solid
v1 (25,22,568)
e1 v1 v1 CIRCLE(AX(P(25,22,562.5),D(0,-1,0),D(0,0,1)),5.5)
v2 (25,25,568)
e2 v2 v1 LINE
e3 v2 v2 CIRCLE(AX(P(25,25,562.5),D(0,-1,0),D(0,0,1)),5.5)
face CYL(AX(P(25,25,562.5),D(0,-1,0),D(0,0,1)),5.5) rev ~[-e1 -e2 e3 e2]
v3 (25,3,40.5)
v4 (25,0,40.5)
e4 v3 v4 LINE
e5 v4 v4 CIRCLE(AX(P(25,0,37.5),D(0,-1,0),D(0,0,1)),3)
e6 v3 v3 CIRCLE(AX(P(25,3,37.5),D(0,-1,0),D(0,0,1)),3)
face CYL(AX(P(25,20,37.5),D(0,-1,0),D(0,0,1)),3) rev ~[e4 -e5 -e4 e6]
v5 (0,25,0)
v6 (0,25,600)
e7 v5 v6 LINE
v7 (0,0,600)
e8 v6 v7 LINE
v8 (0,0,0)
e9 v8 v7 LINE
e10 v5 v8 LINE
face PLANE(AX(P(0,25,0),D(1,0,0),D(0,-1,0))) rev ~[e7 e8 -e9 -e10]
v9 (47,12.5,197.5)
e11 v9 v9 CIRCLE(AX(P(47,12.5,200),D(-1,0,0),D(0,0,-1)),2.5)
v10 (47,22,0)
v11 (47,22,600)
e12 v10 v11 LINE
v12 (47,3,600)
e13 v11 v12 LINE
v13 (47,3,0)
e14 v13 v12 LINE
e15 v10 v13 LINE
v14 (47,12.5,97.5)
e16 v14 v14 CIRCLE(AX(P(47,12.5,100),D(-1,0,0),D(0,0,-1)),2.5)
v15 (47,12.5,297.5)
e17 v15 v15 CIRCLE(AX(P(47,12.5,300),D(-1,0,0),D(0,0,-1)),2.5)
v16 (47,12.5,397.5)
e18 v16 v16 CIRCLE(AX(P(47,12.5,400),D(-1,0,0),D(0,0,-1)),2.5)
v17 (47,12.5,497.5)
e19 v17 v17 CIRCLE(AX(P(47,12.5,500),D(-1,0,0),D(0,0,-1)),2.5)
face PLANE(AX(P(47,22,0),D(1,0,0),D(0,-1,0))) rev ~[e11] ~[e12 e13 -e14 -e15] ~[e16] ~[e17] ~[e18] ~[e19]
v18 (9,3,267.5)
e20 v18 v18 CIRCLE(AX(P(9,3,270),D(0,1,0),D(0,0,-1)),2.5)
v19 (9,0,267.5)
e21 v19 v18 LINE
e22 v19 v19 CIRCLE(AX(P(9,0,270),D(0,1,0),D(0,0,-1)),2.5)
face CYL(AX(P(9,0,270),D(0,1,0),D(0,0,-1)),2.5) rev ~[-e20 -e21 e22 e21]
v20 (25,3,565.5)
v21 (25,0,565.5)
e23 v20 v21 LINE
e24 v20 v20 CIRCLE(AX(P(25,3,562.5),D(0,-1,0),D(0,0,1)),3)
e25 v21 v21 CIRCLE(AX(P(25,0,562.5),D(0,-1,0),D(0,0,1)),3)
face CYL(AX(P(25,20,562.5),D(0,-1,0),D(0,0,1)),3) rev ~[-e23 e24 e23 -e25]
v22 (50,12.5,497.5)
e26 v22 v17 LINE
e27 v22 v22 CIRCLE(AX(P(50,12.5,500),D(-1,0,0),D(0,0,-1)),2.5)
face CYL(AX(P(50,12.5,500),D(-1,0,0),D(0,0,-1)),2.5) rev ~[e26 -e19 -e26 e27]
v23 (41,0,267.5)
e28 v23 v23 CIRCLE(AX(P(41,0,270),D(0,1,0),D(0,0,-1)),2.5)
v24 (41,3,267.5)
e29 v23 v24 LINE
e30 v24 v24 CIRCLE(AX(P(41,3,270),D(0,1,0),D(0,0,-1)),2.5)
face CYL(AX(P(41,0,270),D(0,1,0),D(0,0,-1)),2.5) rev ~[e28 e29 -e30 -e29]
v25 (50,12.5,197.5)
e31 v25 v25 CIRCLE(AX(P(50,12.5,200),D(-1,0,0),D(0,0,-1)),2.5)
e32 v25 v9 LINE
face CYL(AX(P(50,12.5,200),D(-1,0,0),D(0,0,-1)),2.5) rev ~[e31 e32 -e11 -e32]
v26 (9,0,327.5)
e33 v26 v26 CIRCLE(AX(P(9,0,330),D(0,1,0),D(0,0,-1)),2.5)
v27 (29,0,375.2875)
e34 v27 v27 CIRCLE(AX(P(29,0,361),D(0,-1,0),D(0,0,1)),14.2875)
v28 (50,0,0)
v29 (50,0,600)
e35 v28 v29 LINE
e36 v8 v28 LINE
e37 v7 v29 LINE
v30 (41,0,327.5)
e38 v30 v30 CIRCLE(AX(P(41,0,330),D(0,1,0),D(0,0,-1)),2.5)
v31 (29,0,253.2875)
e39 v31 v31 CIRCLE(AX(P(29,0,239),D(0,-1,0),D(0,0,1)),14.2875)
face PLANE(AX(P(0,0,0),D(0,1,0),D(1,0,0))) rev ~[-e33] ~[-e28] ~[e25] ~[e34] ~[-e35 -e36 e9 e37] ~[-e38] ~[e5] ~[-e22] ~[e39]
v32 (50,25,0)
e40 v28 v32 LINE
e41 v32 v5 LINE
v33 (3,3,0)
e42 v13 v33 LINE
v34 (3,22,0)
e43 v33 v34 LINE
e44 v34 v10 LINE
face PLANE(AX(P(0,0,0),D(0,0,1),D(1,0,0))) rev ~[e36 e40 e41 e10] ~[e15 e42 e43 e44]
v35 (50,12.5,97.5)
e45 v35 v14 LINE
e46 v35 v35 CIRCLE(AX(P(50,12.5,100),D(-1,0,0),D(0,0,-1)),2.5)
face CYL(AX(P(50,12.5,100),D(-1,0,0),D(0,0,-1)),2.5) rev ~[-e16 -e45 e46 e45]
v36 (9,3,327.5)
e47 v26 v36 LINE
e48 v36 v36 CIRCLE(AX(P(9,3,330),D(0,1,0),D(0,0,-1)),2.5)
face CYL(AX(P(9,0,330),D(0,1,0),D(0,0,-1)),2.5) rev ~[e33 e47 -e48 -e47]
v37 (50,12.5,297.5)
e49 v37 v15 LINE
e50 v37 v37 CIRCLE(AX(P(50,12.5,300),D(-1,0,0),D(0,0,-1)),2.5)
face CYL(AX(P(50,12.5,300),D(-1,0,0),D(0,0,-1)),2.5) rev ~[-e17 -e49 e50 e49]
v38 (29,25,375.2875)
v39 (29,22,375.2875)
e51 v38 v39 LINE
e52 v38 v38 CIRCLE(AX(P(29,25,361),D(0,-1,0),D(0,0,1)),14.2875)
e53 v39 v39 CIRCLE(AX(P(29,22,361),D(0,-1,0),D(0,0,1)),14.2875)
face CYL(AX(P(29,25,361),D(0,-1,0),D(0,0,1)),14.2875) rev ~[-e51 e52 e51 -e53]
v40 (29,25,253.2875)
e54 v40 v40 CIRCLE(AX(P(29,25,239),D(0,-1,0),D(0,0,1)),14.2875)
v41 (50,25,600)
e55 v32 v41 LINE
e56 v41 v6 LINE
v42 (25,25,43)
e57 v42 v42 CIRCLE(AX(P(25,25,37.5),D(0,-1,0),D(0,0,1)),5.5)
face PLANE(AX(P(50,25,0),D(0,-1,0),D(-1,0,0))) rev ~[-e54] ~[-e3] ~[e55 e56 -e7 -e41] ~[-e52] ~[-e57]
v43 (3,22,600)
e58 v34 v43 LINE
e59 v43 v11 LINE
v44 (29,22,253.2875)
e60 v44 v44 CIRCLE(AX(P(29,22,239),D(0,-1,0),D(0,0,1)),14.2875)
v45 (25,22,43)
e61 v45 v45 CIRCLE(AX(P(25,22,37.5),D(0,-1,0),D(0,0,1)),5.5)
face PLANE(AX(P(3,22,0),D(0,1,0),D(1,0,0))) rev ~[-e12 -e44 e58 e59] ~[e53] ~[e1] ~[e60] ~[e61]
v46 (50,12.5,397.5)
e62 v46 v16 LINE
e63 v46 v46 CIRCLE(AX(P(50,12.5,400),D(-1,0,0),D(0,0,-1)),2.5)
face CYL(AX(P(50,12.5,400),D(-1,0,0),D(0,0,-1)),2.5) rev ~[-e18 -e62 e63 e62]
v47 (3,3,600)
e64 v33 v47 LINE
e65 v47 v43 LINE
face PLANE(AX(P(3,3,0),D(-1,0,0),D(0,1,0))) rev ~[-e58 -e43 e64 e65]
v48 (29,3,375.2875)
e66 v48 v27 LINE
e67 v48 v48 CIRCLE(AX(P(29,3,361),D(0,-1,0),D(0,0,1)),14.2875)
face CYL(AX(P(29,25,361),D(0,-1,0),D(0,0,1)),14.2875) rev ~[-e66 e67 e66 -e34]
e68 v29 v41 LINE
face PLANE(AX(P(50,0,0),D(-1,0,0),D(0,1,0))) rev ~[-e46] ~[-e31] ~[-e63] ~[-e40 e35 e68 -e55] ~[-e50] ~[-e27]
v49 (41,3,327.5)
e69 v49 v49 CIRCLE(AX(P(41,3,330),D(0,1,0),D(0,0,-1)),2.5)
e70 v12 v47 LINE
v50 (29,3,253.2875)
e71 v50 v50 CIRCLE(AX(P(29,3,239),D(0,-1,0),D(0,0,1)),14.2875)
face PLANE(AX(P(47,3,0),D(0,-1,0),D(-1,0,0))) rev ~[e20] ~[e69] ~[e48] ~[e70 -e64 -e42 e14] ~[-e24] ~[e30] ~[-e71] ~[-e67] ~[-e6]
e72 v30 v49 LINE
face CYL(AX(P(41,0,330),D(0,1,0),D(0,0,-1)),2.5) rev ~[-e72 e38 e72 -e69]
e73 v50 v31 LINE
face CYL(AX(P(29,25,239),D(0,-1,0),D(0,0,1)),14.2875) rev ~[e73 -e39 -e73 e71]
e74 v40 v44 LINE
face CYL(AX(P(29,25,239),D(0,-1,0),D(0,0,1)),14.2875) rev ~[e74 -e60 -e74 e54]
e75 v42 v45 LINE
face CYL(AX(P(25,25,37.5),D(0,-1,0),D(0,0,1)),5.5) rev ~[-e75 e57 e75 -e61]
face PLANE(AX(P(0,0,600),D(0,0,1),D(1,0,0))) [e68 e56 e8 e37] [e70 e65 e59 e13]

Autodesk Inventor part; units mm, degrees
ref_plane "YZ Plane" through (0, 0, 0) normal (1, 0, 0) x (0, 1, 0)
ref_plane "XZ Plane" through (0, 0, 0) normal (0, 1, 0) x (-1, 0, 0)
ref_plane "XY Plane" through (0, 0, 0) normal (0, 0, 1) x (1, 0, 0)
sketch "Sketch1" plane through (0, 0, 0) normal (0, 0, 1) x (1, 0, 0)
  line L0 (0, 0) -> (50, 0)
  line L1 (50, 0) -> (50, 25)
  line L2 (50, 25) -> (0, 25)
  line L3 (0, 25) -> (0, 0)
  line L4 (47, 3) -> (3, 3)
  line L5 (3, 3) -> (3, 22)
  line L6 (3, 22) -> (47, 22)
  line L7 (47, 22) -> (47, 3)
  dimension "d0" = 50
  dimension "d1" = 25
  dimension "d2" = 3
extrude "Extrusion1" add sketch "Sketch1" along normal blind 600
sketch "Sketch2" plane through (0, 25, 0) normal (0, 1, 0) x (1, 0, 0)
  line L0 (50, -600) -> (0, -600) projected
  point P0 (0, 0)
  point P1 (25, -562.5)
  point P2 (25, -37.5)
  dimension "d5" = 37.5
  dimension "d6" = 37.5
  dimension "d7" = 25
hole "Hole1" at (25, 25, 562.5) at (25, 25, 37.5) direction (0, -1, 0) diameter 6 end through all counterbore diameter 11 counterbore depth 5
sketch "Sketch4" plane through (50, 0, 0) normal (1, 0, 0) x (0, 0, -1)
  line L0 (0, 0) -> (66.9632, 0)
  point P0 (-100, 12.5)
  point P1 (-200, 12.5)
  point P2 (-300, 12.5)
  point P3 (-400, 12.5)
  point P4 (-500, 12.5)
  dimension "d31" = 100
  dimension "d32" = 12.5
  dimension "d36" = 100
hole "Hole3" at (50, 12.5, 100) at (50, 12.5, 200) at (50, 12.5, 300) at (50, 12.5, 400) at (50, 12.5, 500) direction (-1, 0, 0) diameter 5 depth 8 tip angle 118
sketch "Sketch6" plane through (0, 25, 0) normal (0, 1, 0) x (1, 0, 0)
  line L0 (50, -600) -> (0, -600) projected
  point P0 (0, 0)
  point P1 (29, -239)
  point P2 (29, -361)
  dimension "d60" = 239
  dimension "d61" = 29
  dimension "d69" = 239
hole "Hole5" at (29, 25, 239) at (29, 25, 361) direction (0, -1, 0) diameter 28.575 end through all
sketch "Sketch7" plane through (0, 0, 0) normal (0, 1, 0) x (1, 0, 0)
  line L0 (50, 0) -> (50, -600) projected
  line L1 (50, 0) -> (0, 0) projected
  point P0 (41, -330)
  point P1 (9, -330)
  point P2 (9, -270)
  point P3 (41, -270)
  dimension "d70" = 9
  dimension "d71" = 9
  dimension "d72" = 60
  dimension "d73" = 600
  dimension "d74" = 270
hole "Hole6" at (41, 0, 330) at (9, 0, 330) at (9, 0, 270) at (41, 0, 270) direction (0, 1, 0) diameter 5 depth 8
equation "\"d69\" = d60"
equation "\"d71\" = d70"
properties part number "Back Bar"
